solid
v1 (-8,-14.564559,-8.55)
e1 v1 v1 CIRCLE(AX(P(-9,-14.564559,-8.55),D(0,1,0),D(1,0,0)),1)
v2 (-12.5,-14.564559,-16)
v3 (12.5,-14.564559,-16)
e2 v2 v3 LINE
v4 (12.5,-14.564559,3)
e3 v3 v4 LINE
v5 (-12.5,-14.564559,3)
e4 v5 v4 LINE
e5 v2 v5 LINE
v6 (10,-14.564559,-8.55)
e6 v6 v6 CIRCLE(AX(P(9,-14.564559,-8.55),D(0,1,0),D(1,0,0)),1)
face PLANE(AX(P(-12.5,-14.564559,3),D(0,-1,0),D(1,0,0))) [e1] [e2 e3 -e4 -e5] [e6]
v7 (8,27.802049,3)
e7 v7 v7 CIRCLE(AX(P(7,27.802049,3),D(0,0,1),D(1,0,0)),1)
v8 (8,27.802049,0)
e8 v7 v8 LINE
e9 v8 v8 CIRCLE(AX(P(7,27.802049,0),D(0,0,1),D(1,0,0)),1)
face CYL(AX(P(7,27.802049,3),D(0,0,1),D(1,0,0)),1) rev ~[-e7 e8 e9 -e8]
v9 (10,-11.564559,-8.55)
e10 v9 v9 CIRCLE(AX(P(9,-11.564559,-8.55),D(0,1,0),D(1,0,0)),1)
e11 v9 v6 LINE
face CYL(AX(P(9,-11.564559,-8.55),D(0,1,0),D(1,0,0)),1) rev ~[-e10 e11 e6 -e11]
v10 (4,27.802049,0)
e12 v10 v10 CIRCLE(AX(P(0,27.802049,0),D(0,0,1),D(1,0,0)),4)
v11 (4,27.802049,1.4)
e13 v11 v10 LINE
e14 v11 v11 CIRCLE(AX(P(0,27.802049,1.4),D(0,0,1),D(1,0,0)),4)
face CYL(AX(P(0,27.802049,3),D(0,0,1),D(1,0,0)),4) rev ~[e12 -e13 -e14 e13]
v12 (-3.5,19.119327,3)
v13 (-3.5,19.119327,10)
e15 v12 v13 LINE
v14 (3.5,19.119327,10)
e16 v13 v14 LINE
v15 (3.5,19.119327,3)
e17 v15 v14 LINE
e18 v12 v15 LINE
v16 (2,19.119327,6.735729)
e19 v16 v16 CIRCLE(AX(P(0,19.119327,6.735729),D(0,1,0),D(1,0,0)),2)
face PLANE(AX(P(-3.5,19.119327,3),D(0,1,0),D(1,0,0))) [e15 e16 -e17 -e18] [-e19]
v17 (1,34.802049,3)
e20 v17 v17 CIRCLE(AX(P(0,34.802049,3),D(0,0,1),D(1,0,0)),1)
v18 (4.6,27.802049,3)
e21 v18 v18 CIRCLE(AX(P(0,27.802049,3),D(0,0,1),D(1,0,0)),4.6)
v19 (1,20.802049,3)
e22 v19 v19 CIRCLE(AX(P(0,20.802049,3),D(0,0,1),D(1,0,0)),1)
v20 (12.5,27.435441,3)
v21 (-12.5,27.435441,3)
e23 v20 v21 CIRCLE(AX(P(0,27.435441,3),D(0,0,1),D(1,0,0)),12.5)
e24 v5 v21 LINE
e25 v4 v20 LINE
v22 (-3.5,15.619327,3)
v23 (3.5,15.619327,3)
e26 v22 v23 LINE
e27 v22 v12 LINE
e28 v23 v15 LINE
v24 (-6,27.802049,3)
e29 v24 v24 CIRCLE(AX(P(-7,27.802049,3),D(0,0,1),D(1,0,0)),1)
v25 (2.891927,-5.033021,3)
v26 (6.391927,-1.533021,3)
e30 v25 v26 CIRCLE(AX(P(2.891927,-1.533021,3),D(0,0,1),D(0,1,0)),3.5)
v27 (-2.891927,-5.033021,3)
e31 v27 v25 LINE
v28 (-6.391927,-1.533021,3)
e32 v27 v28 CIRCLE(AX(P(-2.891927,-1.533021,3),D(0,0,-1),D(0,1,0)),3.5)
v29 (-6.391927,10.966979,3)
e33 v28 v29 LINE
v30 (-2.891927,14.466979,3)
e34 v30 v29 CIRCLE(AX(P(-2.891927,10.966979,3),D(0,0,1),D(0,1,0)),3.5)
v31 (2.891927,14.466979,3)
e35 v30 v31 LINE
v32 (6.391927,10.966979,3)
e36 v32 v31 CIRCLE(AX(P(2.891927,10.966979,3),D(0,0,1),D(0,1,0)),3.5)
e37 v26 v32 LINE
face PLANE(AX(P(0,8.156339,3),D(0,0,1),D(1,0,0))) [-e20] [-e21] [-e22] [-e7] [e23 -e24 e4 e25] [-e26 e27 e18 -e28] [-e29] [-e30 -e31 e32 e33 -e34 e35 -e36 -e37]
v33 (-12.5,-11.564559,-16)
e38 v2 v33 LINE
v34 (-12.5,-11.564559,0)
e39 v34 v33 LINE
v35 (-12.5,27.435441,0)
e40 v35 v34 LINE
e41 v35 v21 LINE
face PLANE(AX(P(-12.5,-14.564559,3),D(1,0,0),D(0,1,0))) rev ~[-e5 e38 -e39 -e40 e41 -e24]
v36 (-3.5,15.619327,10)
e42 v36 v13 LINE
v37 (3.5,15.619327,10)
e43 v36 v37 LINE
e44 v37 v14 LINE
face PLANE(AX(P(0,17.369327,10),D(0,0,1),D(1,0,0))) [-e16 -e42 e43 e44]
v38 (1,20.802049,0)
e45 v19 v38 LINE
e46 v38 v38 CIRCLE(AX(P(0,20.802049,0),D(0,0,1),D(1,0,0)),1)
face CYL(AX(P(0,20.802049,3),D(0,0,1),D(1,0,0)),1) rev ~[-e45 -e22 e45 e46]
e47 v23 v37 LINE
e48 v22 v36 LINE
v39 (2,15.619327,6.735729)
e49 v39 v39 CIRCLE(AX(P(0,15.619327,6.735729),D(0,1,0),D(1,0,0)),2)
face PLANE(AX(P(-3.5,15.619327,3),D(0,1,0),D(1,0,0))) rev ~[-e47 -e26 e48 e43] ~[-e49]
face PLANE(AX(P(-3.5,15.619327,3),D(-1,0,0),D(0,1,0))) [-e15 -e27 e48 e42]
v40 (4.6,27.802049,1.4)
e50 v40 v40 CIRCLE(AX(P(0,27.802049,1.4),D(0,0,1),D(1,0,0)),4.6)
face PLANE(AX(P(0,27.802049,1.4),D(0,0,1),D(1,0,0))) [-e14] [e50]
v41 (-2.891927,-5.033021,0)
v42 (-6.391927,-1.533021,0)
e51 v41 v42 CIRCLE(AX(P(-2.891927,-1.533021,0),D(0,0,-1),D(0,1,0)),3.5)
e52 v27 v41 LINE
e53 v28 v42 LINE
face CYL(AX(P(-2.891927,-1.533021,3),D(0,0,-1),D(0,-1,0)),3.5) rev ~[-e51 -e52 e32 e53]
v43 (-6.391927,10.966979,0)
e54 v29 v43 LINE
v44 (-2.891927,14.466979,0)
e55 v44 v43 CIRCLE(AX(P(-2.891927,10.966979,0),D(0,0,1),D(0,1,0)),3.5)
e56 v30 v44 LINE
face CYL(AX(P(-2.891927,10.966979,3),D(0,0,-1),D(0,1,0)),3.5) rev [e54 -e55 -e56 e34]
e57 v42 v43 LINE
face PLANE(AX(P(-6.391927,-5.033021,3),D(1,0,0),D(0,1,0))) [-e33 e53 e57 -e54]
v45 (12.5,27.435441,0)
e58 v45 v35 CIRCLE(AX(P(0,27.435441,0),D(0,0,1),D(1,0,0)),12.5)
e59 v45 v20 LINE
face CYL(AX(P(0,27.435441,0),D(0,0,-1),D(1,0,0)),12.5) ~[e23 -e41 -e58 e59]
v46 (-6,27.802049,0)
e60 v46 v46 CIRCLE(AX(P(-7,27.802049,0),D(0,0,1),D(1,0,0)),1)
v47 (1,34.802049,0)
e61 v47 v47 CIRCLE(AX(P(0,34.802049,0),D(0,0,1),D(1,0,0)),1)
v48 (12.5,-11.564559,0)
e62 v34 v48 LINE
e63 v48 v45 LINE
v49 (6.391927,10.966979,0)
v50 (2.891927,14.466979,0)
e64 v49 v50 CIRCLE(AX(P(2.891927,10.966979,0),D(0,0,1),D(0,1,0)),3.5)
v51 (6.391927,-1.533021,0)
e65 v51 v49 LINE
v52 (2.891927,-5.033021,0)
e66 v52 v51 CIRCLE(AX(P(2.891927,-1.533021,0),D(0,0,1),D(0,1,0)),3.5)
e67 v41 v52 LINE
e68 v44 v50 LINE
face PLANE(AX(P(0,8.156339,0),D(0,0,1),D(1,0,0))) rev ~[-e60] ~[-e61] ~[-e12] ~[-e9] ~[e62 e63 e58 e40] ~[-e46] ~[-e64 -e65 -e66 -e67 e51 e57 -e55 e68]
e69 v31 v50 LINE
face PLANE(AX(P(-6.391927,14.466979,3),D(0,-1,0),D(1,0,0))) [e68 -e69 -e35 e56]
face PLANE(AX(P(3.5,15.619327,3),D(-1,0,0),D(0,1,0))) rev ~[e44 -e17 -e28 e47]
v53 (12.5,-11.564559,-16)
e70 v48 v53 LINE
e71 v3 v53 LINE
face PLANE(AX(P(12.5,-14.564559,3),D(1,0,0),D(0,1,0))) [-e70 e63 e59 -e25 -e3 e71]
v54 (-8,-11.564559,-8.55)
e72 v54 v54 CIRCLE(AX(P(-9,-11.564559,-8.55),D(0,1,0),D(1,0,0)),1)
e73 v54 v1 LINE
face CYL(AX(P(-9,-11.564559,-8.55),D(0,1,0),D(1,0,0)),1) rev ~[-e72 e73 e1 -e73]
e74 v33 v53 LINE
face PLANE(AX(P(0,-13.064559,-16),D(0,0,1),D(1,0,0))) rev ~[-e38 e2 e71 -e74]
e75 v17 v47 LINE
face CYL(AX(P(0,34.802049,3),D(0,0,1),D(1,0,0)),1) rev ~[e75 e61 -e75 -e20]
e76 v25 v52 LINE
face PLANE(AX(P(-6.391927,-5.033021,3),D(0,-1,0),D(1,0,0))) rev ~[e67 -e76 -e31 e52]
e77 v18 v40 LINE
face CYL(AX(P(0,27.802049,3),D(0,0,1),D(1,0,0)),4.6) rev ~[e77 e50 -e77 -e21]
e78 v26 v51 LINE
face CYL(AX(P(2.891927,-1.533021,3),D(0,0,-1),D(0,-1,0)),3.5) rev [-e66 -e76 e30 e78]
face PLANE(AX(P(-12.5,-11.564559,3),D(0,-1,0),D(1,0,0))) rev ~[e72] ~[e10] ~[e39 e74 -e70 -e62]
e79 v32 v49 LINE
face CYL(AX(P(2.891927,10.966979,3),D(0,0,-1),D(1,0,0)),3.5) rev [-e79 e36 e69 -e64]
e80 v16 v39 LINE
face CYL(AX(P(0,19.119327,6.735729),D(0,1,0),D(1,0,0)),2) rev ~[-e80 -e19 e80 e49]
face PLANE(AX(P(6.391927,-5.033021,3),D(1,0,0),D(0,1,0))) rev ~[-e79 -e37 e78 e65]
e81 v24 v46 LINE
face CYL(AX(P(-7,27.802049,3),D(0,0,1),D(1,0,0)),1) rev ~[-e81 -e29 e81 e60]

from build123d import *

# Parameters (mm, degrees)
SKETCH1_W           = 25
SKETCH1_H           = 38.558203604
SKETCH1_H_2         = 3.441796396
BOSS_EXTRUDE1_DEPTH = 3
SKETCH2_R           = 4
SKETCH2_R_2         = 1
CUT_EXTRUDE1_DEPTH  = 3
SKETCH4_R           = 4.6
CUT_EXTRUDE2_DEPTH  = 1.6
SKETCH5_W           = 25
SKETCH5_H           = 3
BOSS_EXTRUDE3_DEPTH = 19
SKETCH7_R           = 1
CUT_EXTRUDE4_DEPTH  = 4
SKETCH8_W           = 12.783853214
SKETCH8_H           = 19.5
CUT_EXTRUDE5_DEPTH  = 4
FILLET1_R           = 3.5
SKETCH9_W           = 7
SKETCH9_H           = 3.5
BOSS_EXTRUDE4_DEPTH = 7
SKETCH11_R          = 2
CUT_EXTRUDE6_DEPTH  = 10


with BuildPart() as part:
    # Sketch1 → Boss-Extrude1 (new body)
    with BuildSketch(Plane.XY):
        with Locations((0, 8.156339421)):
            Rectangle(SKETCH1_W, SKETCH1_H)
        with BuildLine():
            Line((-12.5, 27.435441223), (12.5, 27.435441223))
            ThreePointArc((12.5, 27.435441223), (0, 39.935441223), (-12.5, 27.435441223))
        make_face()
        with Locations((0, -12.843660579)):
            Rectangle(SKETCH1_W, SKETCH1_H_2)
    extrude(amount=BOSS_EXTRUDE1_DEPTH)

    # Sketch2 → Cut-Extrude1 (cut)
    with BuildSketch(Plane.XY.offset(3)):
        with Locations((0, 27.802049159)):
            Circle(SKETCH2_R)
        with Locations((0, 34.802049159)):
            Circle(SKETCH2_R_2)
        with Locations((7, 27.802049159)):
            Circle(SKETCH2_R_2)
        with Locations((0, 20.802049159)):
            Circle(SKETCH2_R_2)
        with Locations((-7, 27.802049159)):
            Circle(SKETCH2_R_2)
    extrude(amount=-CUT_EXTRUDE1_DEPTH, mode=Mode.SUBTRACT)

    # Sketch4 → Cut-Extrude2 (cut)
    with BuildSketch(Plane.XY.offset(3)):
        with Locations((0, 27.802049159)):
            Circle(SKETCH4_R)
    extrude(amount=-CUT_EXTRUDE2_DEPTH, mode=Mode.SUBTRACT)

    # Sketch5 → Boss-Extrude3 (add)
    with BuildSketch(Plane.XY.offset(3)):
        with Locations((0, -13.064558777)):
            Rectangle(SKETCH5_W, SKETCH5_H)
    extrude(amount=-BOSS_EXTRUDE3_DEPTH)

    # Sketch7 → Cut-Extrude4 (cut)
    with BuildSketch(Plane(origin=(0, -11.564558777, 0), x_dir=(1, 0, 0), z_dir=(0, 1, 0))):
        with Locations((9, 8.55)):
            Circle(SKETCH7_R)
        with Locations((-9, 8.55)):
            Circle(SKETCH7_R)
    extrude(amount=-CUT_EXTRUDE4_DEPTH, mode=Mode.SUBTRACT)

    # Sketch8 → Cut-Extrude5 (cut)
    with BuildSketch(Plane.XY.offset(3)):
        with Locations((0, 4.716978639)):
            Rectangle(SKETCH8_W, SKETCH8_H)
    extrude(amount=-CUT_EXTRUDE5_DEPTH, mode=Mode.SUBTRACT)

    # Fillet1
    fillet1_edges = [part.edges().sort_by_distance(p)[0] for p in [
        (6.391926607, 14.466978639, 1.5),
        (6.391926607, -5.033021361, 1.5),
        (-6.391926607, -5.033021361, 1.5),
        (-6.391926607, 14.466978639, 1.5),
    ]]
    fillet(fillet1_edges, radius=FILLET1_R)

    # Sketch9 → Boss-Extrude4 (add)
    with BuildSketch(Plane.XY.offset(3)):
        with Locations((0, 17.369326997)):
            Rectangle(SKETCH9_W, SKETCH9_H)
    extrude(amount=BOSS_EXTRUDE4_DEPTH)

    # Sketch11 → Cut-Extrude6 (cut)
    with BuildSketch(Plane(origin=(0, 19.119326997, 0), x_dir=(1, 0, 0), z_dir=(0, 1, 0))):
        with Locations((0, -6.735728941)):
            Circle(SKETCH11_R)
    extrude(amount=-CUT_EXTRUDE6_DEPTH, mode=Mode.SUBTRACT)


solid = part.part
